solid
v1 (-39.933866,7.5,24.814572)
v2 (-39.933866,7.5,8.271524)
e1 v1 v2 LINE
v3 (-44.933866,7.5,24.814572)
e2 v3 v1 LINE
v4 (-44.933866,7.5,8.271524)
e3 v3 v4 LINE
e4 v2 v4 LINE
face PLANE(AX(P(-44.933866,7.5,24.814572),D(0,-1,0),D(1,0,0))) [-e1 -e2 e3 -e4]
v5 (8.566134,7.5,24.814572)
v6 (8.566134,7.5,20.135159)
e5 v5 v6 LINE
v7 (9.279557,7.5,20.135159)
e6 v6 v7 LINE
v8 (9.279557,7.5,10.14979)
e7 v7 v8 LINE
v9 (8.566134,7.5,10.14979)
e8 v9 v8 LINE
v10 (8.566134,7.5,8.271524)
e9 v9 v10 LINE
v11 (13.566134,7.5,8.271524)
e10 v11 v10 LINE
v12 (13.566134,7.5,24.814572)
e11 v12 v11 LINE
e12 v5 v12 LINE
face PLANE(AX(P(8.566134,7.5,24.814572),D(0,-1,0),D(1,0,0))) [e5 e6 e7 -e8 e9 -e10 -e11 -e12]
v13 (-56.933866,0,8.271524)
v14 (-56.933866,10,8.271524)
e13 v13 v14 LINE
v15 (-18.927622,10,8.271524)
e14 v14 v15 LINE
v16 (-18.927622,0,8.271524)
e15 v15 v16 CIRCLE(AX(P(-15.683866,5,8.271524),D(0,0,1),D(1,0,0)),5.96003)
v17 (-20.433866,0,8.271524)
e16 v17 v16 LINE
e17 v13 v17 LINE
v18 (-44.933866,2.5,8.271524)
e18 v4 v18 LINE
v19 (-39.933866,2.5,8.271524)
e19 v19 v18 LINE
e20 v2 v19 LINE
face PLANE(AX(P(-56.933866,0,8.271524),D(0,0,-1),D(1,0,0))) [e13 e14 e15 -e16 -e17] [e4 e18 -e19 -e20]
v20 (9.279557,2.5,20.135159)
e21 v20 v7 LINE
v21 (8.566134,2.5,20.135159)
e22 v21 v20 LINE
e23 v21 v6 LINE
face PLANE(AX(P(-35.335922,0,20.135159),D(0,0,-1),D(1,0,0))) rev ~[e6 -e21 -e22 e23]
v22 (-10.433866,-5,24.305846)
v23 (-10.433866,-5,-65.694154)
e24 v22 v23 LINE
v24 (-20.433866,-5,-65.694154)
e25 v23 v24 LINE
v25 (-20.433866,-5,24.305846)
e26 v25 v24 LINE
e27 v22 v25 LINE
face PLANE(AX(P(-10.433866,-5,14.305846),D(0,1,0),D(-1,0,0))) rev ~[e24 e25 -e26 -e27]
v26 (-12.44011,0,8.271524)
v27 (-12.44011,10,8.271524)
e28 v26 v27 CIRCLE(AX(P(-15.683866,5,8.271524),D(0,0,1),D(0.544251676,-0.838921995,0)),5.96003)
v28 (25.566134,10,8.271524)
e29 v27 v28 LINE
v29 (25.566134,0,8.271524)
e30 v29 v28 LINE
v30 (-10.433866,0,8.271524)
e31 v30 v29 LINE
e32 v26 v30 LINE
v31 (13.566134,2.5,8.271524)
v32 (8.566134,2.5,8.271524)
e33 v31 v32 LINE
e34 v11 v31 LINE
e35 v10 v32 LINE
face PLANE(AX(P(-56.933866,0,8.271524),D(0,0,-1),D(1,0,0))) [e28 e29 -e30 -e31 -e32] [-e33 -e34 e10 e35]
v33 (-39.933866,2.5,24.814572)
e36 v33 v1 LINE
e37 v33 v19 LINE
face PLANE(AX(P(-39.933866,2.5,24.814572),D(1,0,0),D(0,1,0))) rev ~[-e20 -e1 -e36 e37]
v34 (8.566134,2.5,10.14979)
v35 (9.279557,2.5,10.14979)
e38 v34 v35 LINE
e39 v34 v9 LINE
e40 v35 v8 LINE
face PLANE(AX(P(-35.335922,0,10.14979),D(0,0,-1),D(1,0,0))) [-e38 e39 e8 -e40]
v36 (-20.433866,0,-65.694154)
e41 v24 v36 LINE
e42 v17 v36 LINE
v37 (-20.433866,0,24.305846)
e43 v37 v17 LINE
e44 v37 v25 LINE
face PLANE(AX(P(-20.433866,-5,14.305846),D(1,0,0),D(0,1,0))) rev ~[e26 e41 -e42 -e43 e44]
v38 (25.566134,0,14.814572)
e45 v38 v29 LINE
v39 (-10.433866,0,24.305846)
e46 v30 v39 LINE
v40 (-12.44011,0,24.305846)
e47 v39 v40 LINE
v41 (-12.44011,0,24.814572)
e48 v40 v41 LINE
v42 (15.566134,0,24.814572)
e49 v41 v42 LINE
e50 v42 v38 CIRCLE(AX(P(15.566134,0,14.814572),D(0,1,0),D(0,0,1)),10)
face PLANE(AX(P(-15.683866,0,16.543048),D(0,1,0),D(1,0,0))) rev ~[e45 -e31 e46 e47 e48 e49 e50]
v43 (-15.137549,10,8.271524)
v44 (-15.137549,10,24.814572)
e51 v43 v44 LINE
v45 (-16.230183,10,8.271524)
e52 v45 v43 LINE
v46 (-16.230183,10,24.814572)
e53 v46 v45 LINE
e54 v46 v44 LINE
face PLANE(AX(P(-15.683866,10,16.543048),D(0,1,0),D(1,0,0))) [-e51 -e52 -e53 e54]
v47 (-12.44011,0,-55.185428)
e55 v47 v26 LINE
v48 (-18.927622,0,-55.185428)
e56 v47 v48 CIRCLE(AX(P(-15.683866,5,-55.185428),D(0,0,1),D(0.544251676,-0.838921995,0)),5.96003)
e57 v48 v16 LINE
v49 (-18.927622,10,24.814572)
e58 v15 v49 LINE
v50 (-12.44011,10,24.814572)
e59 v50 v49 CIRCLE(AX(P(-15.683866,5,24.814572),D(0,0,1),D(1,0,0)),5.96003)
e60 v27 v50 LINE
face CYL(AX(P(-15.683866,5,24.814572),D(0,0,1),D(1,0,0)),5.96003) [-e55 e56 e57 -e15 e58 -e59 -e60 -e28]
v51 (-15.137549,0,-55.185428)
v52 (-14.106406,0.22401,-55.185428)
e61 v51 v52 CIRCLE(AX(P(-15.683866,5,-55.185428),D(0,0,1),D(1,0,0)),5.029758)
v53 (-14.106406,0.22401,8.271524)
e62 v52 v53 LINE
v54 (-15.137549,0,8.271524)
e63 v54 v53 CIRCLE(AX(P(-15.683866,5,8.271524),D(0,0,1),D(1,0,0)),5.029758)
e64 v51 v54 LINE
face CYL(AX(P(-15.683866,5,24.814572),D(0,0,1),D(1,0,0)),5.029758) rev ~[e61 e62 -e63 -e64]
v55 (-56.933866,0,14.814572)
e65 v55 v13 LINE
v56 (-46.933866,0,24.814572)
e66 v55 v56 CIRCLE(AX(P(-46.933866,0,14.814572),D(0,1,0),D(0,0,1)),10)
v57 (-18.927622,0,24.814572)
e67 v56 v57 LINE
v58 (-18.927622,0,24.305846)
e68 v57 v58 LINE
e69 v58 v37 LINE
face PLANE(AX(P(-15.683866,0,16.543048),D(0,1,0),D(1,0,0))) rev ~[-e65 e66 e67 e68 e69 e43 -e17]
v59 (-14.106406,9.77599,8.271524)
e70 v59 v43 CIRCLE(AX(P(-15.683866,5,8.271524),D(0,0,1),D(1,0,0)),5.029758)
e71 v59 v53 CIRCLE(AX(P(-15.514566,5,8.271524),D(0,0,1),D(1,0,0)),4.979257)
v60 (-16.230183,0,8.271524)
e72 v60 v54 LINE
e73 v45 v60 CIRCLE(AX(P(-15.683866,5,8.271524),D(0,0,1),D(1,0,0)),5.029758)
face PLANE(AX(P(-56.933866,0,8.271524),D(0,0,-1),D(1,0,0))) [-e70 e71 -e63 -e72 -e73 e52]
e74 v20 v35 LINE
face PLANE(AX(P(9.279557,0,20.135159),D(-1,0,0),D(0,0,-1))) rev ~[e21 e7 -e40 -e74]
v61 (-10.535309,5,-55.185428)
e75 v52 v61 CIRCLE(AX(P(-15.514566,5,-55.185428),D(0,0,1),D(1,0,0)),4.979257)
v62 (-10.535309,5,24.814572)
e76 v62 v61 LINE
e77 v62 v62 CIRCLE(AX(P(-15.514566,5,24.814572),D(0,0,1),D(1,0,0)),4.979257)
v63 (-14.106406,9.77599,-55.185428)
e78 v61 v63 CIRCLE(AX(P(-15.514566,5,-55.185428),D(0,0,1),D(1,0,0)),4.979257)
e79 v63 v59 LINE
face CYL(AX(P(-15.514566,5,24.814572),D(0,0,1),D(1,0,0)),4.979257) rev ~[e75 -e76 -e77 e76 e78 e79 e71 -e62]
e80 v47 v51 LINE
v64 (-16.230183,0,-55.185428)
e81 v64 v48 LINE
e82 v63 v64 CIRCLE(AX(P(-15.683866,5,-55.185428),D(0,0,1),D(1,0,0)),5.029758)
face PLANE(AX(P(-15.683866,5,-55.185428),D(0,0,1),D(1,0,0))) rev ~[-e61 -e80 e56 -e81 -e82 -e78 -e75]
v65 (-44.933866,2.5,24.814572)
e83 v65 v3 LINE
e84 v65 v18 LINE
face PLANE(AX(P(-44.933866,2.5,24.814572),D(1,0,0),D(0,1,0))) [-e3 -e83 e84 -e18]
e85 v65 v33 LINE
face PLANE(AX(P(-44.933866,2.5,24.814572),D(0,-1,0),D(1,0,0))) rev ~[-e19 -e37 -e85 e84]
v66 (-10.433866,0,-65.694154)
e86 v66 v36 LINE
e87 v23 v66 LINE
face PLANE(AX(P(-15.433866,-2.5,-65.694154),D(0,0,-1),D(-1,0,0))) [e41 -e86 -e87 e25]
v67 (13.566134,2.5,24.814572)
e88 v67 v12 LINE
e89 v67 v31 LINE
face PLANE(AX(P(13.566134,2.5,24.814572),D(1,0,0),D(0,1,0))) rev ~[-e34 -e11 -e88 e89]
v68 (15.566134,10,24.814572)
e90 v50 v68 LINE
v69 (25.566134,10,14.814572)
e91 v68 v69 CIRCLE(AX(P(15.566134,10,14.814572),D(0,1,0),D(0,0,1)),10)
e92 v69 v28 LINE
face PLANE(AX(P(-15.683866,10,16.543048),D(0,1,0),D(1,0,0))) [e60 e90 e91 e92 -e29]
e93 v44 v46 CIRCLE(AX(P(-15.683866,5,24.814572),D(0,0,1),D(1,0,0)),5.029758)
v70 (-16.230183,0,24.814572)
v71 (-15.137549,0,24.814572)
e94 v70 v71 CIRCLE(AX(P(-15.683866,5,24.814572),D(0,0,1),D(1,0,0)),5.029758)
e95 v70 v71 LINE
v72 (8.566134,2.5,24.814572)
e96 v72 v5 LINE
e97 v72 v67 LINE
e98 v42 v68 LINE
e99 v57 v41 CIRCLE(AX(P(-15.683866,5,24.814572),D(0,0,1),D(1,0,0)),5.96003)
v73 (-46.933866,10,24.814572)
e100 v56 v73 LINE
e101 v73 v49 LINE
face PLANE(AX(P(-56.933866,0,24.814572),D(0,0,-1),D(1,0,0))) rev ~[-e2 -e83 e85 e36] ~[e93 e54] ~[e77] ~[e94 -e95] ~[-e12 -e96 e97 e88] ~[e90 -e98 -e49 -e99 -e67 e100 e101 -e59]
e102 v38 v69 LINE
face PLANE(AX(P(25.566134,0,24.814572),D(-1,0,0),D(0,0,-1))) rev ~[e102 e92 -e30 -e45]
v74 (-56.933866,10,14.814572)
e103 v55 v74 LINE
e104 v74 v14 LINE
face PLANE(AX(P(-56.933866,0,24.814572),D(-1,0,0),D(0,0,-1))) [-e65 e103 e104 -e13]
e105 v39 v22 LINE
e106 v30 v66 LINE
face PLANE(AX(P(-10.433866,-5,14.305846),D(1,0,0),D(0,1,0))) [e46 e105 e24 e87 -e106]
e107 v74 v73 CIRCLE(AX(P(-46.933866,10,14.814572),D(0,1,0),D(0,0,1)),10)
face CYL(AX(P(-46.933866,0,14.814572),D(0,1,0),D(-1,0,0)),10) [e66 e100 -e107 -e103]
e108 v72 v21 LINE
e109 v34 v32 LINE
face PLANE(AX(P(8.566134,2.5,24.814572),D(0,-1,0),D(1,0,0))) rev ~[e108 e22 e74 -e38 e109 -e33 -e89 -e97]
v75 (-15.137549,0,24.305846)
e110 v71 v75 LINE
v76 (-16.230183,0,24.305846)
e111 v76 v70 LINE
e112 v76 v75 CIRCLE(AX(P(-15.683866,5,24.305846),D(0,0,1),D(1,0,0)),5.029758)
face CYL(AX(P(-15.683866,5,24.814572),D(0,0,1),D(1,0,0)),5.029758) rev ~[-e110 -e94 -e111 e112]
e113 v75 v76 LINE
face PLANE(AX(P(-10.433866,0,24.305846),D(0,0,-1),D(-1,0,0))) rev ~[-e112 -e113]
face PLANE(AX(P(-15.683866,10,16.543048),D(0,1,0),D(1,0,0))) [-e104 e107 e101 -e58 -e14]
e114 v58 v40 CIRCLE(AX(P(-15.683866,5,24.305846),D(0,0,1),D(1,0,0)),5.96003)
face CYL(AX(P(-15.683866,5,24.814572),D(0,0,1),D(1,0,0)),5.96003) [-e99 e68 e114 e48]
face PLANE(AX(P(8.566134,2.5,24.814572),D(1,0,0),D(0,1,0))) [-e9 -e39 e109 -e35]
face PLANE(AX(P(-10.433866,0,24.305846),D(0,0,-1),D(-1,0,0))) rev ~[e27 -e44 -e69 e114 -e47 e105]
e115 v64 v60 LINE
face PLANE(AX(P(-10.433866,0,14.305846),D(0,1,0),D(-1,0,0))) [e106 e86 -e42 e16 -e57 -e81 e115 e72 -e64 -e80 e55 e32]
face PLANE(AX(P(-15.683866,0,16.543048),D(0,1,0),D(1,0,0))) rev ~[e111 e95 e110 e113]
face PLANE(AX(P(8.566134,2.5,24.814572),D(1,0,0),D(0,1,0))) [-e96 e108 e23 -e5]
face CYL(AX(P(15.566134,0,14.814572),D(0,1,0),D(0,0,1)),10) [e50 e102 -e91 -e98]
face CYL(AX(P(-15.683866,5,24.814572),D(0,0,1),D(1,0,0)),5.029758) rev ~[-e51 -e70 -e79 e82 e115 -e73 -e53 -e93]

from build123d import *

# Parameters (mm, degrees)
ESQUISSE1_W             = 82.5
ESQUISSE1_H             = 16.543047786
BOSS_EXTRU_1_DEPTH      = 10
CONG_1_R                = 10
ESQUISSE2_W             = 5
ESQUISSE2_H             = 5
ENL_V_MAT_EXTRU_2_DEPTH = 21
ESQUISSE4_W             = 5
ESQUISSE4_H             = 5
ENL_V_MAT_EXTRU_3_DEPTH = 100
ESQUISSE5_R             = 5.960029696
ESQUISSE5_R_2           = 5.029757688
BOSS_EXTRU_4_DEPTH      = 80
ESQUISSE8_R             = 4.979256744
ENL_V_MAT_EXTRU_5_DEPTH = 80
ESQUISSE9_W             = 44.615478915
ESQUISSE9_H             = 9.98536909
BOSS_EXTRU_5_DEPTH      = 10
ESQUISSE10_W            = 10
ESQUISSE10_H            = 10
BOSS_EXTRU_6_DEPTH      = 5
ESQUISSE13_W            = 10
ESQUISSE13_H            = 5
BOSS_EXTRU_7_DEPTH      = 80
ESQUISSE15_R            = 4.979256744
ENL_V_MAT_EXTRU_6_DEPTH = 80


with BuildPart() as part:
    # Esquisse1 → Boss.-Extru.1 (new body)
    with BuildSketch(Plane(origin=(0, 0, 0), x_dir=(1, 0, 0), z_dir=(0, 1, 0))):
        with Locations((-15.683865756, -16.543047786)):
            Rectangle(ESQUISSE1_W, ESQUISSE1_H)
    extrude(amount=BOSS_EXTRU_1_DEPTH)

    # Congé1
    cong_1_edges = [part.edges().sort_by_distance(p)[0] for p in [
        (25.566134244, 5, 24.814571679),
        (-56.933865756, 5, 24.814571679),
    ]]
    fillet(cong_1_edges, radius=CONG_1_R)

    # Esquisse2 → Enlèv. mat.-Extru.2 (cut)
    with BuildSketch(Plane.XY.offset(24.814571679)):
        with Locations((-42.433865756, 5)):
            Rectangle(ESQUISSE2_W, ESQUISSE2_H)
    extrude(amount=-ENL_V_MAT_EXTRU_2_DEPTH, mode=Mode.SUBTRACT)

    # Esquisse4 → Enlèv. mat.-Extru.3 (cut)
    with BuildSketch(Plane.XY.offset(24.814571679)):
        with Locations((11.066134244, 5)):
            Rectangle(ESQUISSE4_W, ESQUISSE4_H)
    extrude(amount=-ENL_V_MAT_EXTRU_3_DEPTH, mode=Mode.SUBTRACT)

    # Esquisse5 → Boss.-Extru.4 (add)
    with BuildSketch(Plane.XY.offset(24.814571679)):
        with Locations((-15.683865756, 5)):
            Circle(ESQUISSE5_R)
        with Locations((-15.683865756, 5)):
            Circle(ESQUISSE5_R_2, mode=Mode.SUBTRACT)
    extrude(amount=-BOSS_EXTRU_4_DEPTH)

    # Esquisse8 → Enlèv. mat.-Extru.5 (cut)
    with BuildSketch(Plane.XY.offset(24.814571679)):
        with Locations((-15.514565948, 5)):
            Circle(ESQUISSE8_R)
    extrude(amount=-ENL_V_MAT_EXTRU_5_DEPTH, mode=Mode.SUBTRACT)

    # Esquisse9 → Boss.-Extru.5 (add)
    with BuildSketch(Plane(origin=(0, 0, 0), x_dir=(1, 0, 0), z_dir=(0, 1, 0))):
        with Locations((-13.028182488, -15.142474607)):
            Rectangle(ESQUISSE9_W, ESQUISSE9_H)
    extrude(amount=BOSS_EXTRU_5_DEPTH)

    # Esquisse10 → Boss.-Extru.6 (add)
    with BuildSketch(Plane(origin=(0, 0, 0), x_dir=(-1, 0, 0), z_dir=(0, -1, 0))):
        with Locations((15.433865756, -19.305846435)):
            Rectangle(ESQUISSE10_W, ESQUISSE10_H)
    extrude(amount=BOSS_EXTRU_6_DEPTH)

    # Esquisse13 → Boss.-Extru.7 (add)
    with BuildSketch(Plane(origin=(0, 0, 14.305846435), x_dir=(-1, 0, 0), z_dir=(0, 0, -1))):
        with Locations((15.433865756, -2.5)):
            Rectangle(ESQUISSE13_W, ESQUISSE13_H)
    extrude(amount=BOSS_EXTRU_7_DEPTH)

    # Esquisse15 → Enlèv. mat.-Extru.6 (cut)
    with BuildSketch(Plane.XY.offset(20.135159152)):
        with Locations((-15.514565948, 5)):
            Circle(ESQUISSE15_R)
    extrude(amount=-ENL_V_MAT_EXTRU_6_DEPTH, mode=Mode.SUBTRACT)


solid = part.part
